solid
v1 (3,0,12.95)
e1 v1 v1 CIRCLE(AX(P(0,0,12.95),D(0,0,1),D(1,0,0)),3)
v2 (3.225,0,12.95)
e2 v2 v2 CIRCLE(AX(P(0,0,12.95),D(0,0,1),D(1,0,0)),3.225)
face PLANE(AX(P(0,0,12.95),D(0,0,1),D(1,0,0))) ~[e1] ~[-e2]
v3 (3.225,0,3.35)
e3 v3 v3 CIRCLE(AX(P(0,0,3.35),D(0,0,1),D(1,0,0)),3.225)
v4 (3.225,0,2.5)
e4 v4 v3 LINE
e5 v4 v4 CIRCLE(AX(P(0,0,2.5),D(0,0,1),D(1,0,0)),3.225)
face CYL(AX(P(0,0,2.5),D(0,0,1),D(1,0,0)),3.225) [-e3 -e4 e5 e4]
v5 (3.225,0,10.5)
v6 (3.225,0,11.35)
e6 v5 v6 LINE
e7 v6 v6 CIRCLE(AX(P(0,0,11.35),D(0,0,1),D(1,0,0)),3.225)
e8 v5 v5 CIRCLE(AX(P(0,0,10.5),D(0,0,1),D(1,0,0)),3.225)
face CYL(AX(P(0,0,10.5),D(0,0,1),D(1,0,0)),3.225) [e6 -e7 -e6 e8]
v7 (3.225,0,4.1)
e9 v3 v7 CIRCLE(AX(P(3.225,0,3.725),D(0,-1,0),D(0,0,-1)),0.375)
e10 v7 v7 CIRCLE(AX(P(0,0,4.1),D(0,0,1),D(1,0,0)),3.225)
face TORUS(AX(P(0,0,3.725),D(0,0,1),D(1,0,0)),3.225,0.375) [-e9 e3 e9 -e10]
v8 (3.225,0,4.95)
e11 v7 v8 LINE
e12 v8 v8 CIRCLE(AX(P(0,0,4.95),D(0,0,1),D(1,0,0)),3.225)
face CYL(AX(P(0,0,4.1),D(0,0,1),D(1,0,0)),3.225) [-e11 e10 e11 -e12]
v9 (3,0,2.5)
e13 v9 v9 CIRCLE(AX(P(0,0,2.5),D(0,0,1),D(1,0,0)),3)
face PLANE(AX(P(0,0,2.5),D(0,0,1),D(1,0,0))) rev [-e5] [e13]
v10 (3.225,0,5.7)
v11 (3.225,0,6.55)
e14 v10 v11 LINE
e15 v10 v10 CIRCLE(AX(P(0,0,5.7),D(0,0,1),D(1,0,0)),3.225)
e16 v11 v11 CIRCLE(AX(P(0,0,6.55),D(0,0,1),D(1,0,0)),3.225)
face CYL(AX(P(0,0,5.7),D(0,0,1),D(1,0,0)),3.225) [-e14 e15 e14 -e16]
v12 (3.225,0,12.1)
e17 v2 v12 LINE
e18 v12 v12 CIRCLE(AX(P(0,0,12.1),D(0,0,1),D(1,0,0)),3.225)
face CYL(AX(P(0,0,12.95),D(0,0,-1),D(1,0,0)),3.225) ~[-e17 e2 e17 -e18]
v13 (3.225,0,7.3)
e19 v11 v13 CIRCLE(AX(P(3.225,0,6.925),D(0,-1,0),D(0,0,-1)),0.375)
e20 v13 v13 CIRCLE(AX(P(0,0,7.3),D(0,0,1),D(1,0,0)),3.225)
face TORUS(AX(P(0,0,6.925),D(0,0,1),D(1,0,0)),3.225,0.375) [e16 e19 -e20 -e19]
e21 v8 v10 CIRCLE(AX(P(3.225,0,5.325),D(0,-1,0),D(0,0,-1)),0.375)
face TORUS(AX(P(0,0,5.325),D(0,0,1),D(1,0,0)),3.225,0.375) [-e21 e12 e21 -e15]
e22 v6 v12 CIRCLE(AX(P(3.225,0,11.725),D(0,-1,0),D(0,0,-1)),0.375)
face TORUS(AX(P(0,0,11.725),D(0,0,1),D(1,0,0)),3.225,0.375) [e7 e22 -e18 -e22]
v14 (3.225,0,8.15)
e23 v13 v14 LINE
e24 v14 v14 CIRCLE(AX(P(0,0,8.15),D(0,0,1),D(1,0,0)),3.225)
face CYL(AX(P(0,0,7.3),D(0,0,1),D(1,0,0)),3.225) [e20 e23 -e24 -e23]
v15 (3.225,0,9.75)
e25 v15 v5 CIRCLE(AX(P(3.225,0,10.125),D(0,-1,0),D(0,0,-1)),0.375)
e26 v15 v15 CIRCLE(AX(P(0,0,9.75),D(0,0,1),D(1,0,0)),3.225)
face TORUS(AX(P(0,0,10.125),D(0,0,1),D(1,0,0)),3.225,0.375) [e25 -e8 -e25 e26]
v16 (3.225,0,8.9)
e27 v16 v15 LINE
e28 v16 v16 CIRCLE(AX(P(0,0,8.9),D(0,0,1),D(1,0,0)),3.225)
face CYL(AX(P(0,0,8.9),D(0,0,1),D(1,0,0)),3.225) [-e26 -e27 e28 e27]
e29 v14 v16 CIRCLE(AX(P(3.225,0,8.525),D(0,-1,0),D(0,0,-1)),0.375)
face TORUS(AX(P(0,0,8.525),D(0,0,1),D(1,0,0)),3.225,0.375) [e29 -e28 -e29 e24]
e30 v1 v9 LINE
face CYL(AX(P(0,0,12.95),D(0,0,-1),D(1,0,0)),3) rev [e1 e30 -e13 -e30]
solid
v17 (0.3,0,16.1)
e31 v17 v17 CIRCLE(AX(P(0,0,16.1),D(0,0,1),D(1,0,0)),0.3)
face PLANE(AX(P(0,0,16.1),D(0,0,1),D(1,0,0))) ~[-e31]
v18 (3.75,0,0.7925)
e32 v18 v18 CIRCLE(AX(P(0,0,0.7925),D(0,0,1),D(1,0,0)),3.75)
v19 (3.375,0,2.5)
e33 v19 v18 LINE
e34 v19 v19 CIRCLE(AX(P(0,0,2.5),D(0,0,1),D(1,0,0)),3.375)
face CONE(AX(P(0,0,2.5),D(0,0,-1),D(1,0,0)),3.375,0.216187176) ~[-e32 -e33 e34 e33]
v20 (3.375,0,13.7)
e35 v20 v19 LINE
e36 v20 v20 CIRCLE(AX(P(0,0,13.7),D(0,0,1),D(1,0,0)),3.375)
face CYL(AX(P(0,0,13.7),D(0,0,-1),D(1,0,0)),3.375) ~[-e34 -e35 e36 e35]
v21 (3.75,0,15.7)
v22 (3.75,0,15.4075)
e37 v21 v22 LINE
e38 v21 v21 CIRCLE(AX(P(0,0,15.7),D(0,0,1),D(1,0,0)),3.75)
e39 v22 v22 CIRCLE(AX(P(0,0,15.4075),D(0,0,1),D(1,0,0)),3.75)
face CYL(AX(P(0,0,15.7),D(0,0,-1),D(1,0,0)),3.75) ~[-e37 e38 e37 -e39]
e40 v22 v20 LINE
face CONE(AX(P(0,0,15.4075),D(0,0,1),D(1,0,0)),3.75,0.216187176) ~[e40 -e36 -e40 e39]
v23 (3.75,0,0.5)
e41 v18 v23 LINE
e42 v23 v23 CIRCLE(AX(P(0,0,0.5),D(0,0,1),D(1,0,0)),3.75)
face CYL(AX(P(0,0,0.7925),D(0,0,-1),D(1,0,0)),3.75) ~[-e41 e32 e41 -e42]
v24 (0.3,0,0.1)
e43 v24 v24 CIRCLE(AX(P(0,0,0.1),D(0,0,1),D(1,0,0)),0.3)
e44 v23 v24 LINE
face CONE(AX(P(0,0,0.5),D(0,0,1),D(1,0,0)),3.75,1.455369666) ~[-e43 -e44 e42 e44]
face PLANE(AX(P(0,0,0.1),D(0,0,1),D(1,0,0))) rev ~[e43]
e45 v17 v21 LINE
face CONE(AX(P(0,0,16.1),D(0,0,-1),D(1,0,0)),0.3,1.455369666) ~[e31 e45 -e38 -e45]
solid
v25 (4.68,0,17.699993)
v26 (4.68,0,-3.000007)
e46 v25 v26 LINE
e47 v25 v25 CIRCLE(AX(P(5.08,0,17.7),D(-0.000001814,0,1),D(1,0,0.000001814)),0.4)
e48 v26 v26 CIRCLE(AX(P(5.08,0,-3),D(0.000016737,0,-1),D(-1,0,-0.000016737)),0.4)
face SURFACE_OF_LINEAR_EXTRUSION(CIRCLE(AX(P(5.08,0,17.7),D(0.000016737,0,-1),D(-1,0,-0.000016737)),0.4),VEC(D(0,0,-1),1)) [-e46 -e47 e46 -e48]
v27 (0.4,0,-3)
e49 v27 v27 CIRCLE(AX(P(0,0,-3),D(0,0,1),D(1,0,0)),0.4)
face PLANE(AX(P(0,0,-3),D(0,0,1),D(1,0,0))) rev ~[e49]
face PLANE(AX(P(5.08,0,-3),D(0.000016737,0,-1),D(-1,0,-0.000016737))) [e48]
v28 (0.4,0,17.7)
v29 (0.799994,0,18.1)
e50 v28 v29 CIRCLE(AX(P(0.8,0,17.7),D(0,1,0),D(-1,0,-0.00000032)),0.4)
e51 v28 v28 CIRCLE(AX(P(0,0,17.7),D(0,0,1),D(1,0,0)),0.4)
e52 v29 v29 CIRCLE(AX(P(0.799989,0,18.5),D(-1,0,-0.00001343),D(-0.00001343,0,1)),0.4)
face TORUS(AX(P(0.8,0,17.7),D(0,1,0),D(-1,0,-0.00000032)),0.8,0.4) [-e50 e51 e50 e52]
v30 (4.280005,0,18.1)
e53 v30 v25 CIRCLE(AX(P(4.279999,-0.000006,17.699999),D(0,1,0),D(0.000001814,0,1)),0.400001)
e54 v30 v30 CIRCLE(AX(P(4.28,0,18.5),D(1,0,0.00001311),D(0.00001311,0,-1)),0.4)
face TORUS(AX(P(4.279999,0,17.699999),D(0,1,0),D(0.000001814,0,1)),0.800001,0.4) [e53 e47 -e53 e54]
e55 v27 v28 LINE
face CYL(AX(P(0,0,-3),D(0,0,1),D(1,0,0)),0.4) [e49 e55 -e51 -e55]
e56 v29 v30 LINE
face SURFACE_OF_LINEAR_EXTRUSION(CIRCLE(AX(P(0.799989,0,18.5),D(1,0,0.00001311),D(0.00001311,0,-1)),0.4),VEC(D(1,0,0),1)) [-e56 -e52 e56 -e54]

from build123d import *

# Parameters (mm, degrees)
SKETCH_R = 0.4


with BuildPart() as sweep_body:
    # Sweep: sweep along a path in Sketch001
    with BuildLine(Plane.XZ) as sweep_path:
        Line((0, -3), (0, 17.7))
        ThreePointArc((0, 17.7), (0.234311, 18.265682), (0.799989, 18.5))
        Line((0.799989, 18.5), (4.28, 18.5))
        ThreePointArc((4.28, 18.5), (4.845685, 18.265685), (5.08, 17.7))
        Line((5.08, 17.7), (5.08, -3))
    # Sketch → Sweep (sweep)
    with BuildSketch(Plane.XY.offset(-2)):
        Circle(SKETCH_R)
    sweep(path=sweep_path.line)


with BuildPart() as revolution:
    # Sketch002 → Revolution (revolve)
    with BuildSketch(Plane.XZ):
        Polygon((0, 0.1), (0, 16.1), (0.3, 16.1), (3.75, 15.7), (3.75, 15.4075), (3.375, 13.7), (3.375, 2.5), (3.75, 0.7925), (3.75, 0.5), (0.3, 0.1), align=None)
    revolve(axis=Axis((0, 0, 0), (0, 0, 1)))


with BuildPart() as revolution001:
    # Sketch003 → Revolution001 (revolve)
    with BuildSketch(Plane.XZ):
        with BuildLine():
            Line((3, 12.95), (3, 2.5))
            Line((3, 2.5), (3.225, 2.5))
            Line((3.225, 2.5), (3.225, 3.35))
            ThreePointArc((3.225, 3.35), (3.6, 3.725), (3.225, 4.1))
            Line((3.225, 4.1), (3.225, 4.95))
            ThreePointArc((3.225, 4.95), (3.6, 5.325), (3.225, 5.7))
            Line((3.225, 5.7), (3.225, 6.55))
            ThreePointArc((3.225, 6.55), (3.6, 6.925), (3.225, 7.3))
            Line((3.225, 7.3), (3.225, 8.15))
            ThreePointArc((3.225, 8.15), (3.6, 8.525), (3.225, 8.9))
            Line((3.225, 8.9), (3.225, 9.75))
            ThreePointArc((3.225, 9.75), (3.6, 10.125), (3.225, 10.5))
            Line((3.225, 10.5), (3.225, 11.35))
            ThreePointArc((3.225, 11.35), (3.6, 11.725), (3.225, 12.1))
            Line((3.225, 12.95), (3.225, 12.1))
            Line((3, 12.95), (3.225, 12.95))
        make_face()
    revolve(axis=Axis((0, 0, 0), (0, 0, 1)))


solid = Compound([sweep_body.part, revolution.part, revolution001.part])
